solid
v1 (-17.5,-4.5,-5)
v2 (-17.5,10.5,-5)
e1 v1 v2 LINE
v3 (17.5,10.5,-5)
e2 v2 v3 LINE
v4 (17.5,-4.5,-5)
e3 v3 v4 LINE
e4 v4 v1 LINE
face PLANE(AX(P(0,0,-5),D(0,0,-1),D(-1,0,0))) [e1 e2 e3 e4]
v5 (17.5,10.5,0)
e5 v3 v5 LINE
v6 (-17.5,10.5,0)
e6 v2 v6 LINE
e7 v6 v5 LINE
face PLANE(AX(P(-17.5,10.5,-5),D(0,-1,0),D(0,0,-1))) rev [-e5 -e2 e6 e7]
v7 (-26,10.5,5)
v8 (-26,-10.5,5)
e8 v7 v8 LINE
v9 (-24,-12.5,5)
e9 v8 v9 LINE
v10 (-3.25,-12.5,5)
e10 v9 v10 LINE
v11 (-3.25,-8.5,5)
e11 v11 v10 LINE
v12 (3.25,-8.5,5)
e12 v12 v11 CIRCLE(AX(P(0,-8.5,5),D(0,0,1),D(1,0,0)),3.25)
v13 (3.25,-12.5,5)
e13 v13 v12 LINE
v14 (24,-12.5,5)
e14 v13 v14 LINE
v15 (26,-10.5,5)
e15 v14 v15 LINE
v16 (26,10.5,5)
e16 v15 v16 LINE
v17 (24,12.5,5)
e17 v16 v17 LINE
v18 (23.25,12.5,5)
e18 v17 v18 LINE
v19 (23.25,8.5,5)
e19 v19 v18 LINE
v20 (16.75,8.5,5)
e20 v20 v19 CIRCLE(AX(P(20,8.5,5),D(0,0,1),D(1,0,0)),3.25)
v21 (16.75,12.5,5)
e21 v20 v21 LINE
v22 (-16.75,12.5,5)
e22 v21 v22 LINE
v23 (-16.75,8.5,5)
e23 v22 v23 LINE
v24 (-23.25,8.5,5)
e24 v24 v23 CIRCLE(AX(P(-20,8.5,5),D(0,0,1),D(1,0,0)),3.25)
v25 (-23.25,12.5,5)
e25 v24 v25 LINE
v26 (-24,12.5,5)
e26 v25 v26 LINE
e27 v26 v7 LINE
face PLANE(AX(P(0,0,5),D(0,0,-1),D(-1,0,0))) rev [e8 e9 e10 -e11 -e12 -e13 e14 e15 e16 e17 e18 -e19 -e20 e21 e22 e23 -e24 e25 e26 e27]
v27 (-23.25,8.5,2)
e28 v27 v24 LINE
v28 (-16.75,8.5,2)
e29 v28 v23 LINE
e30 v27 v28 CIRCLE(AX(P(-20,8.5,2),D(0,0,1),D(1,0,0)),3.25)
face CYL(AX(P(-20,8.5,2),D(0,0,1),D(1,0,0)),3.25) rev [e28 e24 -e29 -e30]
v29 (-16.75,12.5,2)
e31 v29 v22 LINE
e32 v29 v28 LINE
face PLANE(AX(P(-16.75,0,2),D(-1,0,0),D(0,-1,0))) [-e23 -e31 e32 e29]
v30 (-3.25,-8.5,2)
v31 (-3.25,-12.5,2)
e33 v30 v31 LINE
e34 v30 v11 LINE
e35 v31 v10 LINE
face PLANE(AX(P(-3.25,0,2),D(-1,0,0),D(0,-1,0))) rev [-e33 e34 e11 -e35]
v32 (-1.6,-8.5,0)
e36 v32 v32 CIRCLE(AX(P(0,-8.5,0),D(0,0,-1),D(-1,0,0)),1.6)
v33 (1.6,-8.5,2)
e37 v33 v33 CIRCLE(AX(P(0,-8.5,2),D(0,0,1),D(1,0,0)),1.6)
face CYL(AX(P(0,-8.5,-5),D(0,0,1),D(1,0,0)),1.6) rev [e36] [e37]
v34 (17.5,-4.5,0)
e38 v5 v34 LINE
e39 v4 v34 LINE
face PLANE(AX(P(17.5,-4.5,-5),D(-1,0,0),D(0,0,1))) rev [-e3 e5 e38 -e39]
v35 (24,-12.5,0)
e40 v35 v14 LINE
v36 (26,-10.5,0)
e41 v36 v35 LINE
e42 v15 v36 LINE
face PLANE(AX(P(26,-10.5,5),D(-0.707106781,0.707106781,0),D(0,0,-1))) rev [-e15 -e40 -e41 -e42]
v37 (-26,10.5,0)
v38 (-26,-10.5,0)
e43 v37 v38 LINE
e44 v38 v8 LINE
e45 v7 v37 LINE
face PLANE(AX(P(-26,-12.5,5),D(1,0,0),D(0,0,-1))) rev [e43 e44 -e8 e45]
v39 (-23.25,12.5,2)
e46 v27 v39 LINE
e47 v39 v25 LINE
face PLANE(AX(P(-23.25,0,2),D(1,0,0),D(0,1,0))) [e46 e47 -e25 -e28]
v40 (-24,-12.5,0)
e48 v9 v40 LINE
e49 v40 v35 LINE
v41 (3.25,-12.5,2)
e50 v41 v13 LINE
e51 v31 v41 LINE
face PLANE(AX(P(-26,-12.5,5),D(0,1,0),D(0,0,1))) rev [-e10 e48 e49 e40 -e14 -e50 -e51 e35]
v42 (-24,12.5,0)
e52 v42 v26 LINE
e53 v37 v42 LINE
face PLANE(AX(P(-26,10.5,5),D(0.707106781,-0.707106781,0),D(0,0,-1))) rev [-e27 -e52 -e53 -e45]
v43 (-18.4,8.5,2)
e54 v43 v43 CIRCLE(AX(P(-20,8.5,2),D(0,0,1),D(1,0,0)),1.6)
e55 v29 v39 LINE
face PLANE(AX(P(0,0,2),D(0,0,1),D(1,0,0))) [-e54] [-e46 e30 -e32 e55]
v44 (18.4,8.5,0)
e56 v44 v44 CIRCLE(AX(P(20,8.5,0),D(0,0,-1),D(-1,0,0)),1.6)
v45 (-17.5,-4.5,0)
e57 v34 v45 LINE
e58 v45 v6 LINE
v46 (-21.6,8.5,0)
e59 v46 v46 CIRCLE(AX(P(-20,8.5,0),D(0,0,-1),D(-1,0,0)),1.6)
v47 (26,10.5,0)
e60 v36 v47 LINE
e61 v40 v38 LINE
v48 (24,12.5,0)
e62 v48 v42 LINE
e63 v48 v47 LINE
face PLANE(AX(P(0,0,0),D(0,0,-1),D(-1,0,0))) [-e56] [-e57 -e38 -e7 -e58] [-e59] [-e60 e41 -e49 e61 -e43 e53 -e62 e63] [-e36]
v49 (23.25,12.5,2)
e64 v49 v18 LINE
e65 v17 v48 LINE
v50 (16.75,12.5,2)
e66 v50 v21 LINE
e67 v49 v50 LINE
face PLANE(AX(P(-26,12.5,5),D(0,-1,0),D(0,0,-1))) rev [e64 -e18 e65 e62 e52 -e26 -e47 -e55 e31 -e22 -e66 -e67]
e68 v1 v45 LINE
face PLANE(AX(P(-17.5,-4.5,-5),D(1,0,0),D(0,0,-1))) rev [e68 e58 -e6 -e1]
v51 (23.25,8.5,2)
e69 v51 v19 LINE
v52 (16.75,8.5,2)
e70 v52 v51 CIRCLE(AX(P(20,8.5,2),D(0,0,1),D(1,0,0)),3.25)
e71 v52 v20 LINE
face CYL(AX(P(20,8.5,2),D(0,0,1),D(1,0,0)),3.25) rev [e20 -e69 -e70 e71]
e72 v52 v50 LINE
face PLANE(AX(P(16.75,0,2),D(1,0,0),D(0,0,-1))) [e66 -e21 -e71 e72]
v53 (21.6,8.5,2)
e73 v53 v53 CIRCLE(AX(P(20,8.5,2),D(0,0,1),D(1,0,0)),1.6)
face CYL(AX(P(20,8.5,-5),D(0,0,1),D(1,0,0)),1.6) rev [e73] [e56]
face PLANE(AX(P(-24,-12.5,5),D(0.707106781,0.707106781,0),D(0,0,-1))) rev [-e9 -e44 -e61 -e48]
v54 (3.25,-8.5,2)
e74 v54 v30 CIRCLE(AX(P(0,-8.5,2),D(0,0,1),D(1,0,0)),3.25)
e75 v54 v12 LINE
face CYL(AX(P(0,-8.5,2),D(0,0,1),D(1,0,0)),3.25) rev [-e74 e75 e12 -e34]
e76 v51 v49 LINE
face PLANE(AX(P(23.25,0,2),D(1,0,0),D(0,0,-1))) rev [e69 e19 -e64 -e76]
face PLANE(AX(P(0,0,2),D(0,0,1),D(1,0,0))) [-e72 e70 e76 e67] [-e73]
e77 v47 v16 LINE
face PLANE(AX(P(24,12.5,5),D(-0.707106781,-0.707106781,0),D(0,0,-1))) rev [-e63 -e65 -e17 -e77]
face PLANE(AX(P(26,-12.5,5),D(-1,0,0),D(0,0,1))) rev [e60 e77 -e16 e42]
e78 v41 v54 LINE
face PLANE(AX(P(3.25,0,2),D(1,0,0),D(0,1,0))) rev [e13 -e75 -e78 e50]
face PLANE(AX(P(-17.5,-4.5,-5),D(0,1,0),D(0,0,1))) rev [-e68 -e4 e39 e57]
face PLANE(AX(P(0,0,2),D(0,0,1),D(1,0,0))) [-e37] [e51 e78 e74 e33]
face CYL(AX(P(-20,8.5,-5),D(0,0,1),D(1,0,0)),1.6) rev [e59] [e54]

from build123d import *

# Parameters (mm, degrees)
SKETCH_1_W          = 52
SKETCH_1_H          = 25
EXTRUDE_1_DEPTH     = 5
CHAMFER_1_SIZE      = 2
SKETCH_2_W          = 35
SKETCH_2_H          = 15
EXTRUDE_2_DEPTH     = 5
CUT_EXTRUDE_1_DEPTH = 3
SKETCH_5_R          = 1.6
CUT_EXTRUDE_2_DEPTH = 8


with BuildPart() as part:
    # Эскиз1 → Бобышка-Вытянуть1 (new body)
    with BuildSketch(Plane.XY):
        Rectangle(SKETCH_1_W, SKETCH_1_H)
    extrude(amount=EXTRUDE_1_DEPTH)

    # Фаска1
    chamfer_1_edges = [part.edges().sort_by_distance(p)[0] for p in [
        (26, -12.5, 2.5),
        (-26, -12.5, 2.5),
        (-26, 12.5, 2.5),
        (26, 12.5, 2.5),
    ]]
    chamfer(chamfer_1_edges, length=CHAMFER_1_SIZE)

    # Эскиз2 → Бобышка-Вытянуть2 (add)
    with BuildSketch(Plane(origin=(0, 0, 0), x_dir=(-1, 0, 0), z_dir=(0, 0, -1))):
        with Locations((0, 3)):
            Rectangle(SKETCH_2_W, SKETCH_2_H)
    extrude(amount=EXTRUDE_2_DEPTH)

    # Эскиз3 → Вырез-Вытянуть1 (cut)
    with BuildSketch(Plane.XY.offset(5)):
        with BuildLine():
            Line((3.25, -12.5), (3.25, -8.5))
            ThreePointArc((3.25, -8.5), (0, -5.25), (-3.25, -8.5))
            Line((-3.25, -8.5), (-3.25, -12.5))
            Line((-3.25, -12.5), (3.25, -12.5))
        make_face()
        with BuildLine():
            Line((-23.25, 12.5), (-23.25, 8.5))
            ThreePointArc((-23.25, 8.5), (-20, 5.25), (-16.75, 8.5))
            Line((-16.75, 8.5), (-16.75, 12.5))
            Line((-16.75, 12.5), (-23.25, 12.5))
        make_face()
        with BuildLine():
            Line((16.75, 12.5), (16.75, 8.5))
            ThreePointArc((16.75, 8.5), (20, 5.25), (23.25, 8.5))
            Line((23.25, 8.5), (23.25, 12.5))
            Line((23.25, 12.5), (16.75, 12.5))
        make_face()
    extrude(amount=-CUT_EXTRUDE_1_DEPTH, mode=Mode.SUBTRACT)

    # Эскиз5 → Вырез-Вытянуть2 (cut, through all)
    with BuildSketch(Plane.XY.offset(2)):
        with Locations((0, -8.5)):
            Circle(SKETCH_5_R)
        with Locations((-20, 8.5)):
            Circle(SKETCH_5_R)
        with Locations((20, 8.5)):
            Circle(SKETCH_5_R)
    extrude(amount=-CUT_EXTRUDE_2_DEPTH, mode=Mode.SUBTRACT)


solid = part.part
